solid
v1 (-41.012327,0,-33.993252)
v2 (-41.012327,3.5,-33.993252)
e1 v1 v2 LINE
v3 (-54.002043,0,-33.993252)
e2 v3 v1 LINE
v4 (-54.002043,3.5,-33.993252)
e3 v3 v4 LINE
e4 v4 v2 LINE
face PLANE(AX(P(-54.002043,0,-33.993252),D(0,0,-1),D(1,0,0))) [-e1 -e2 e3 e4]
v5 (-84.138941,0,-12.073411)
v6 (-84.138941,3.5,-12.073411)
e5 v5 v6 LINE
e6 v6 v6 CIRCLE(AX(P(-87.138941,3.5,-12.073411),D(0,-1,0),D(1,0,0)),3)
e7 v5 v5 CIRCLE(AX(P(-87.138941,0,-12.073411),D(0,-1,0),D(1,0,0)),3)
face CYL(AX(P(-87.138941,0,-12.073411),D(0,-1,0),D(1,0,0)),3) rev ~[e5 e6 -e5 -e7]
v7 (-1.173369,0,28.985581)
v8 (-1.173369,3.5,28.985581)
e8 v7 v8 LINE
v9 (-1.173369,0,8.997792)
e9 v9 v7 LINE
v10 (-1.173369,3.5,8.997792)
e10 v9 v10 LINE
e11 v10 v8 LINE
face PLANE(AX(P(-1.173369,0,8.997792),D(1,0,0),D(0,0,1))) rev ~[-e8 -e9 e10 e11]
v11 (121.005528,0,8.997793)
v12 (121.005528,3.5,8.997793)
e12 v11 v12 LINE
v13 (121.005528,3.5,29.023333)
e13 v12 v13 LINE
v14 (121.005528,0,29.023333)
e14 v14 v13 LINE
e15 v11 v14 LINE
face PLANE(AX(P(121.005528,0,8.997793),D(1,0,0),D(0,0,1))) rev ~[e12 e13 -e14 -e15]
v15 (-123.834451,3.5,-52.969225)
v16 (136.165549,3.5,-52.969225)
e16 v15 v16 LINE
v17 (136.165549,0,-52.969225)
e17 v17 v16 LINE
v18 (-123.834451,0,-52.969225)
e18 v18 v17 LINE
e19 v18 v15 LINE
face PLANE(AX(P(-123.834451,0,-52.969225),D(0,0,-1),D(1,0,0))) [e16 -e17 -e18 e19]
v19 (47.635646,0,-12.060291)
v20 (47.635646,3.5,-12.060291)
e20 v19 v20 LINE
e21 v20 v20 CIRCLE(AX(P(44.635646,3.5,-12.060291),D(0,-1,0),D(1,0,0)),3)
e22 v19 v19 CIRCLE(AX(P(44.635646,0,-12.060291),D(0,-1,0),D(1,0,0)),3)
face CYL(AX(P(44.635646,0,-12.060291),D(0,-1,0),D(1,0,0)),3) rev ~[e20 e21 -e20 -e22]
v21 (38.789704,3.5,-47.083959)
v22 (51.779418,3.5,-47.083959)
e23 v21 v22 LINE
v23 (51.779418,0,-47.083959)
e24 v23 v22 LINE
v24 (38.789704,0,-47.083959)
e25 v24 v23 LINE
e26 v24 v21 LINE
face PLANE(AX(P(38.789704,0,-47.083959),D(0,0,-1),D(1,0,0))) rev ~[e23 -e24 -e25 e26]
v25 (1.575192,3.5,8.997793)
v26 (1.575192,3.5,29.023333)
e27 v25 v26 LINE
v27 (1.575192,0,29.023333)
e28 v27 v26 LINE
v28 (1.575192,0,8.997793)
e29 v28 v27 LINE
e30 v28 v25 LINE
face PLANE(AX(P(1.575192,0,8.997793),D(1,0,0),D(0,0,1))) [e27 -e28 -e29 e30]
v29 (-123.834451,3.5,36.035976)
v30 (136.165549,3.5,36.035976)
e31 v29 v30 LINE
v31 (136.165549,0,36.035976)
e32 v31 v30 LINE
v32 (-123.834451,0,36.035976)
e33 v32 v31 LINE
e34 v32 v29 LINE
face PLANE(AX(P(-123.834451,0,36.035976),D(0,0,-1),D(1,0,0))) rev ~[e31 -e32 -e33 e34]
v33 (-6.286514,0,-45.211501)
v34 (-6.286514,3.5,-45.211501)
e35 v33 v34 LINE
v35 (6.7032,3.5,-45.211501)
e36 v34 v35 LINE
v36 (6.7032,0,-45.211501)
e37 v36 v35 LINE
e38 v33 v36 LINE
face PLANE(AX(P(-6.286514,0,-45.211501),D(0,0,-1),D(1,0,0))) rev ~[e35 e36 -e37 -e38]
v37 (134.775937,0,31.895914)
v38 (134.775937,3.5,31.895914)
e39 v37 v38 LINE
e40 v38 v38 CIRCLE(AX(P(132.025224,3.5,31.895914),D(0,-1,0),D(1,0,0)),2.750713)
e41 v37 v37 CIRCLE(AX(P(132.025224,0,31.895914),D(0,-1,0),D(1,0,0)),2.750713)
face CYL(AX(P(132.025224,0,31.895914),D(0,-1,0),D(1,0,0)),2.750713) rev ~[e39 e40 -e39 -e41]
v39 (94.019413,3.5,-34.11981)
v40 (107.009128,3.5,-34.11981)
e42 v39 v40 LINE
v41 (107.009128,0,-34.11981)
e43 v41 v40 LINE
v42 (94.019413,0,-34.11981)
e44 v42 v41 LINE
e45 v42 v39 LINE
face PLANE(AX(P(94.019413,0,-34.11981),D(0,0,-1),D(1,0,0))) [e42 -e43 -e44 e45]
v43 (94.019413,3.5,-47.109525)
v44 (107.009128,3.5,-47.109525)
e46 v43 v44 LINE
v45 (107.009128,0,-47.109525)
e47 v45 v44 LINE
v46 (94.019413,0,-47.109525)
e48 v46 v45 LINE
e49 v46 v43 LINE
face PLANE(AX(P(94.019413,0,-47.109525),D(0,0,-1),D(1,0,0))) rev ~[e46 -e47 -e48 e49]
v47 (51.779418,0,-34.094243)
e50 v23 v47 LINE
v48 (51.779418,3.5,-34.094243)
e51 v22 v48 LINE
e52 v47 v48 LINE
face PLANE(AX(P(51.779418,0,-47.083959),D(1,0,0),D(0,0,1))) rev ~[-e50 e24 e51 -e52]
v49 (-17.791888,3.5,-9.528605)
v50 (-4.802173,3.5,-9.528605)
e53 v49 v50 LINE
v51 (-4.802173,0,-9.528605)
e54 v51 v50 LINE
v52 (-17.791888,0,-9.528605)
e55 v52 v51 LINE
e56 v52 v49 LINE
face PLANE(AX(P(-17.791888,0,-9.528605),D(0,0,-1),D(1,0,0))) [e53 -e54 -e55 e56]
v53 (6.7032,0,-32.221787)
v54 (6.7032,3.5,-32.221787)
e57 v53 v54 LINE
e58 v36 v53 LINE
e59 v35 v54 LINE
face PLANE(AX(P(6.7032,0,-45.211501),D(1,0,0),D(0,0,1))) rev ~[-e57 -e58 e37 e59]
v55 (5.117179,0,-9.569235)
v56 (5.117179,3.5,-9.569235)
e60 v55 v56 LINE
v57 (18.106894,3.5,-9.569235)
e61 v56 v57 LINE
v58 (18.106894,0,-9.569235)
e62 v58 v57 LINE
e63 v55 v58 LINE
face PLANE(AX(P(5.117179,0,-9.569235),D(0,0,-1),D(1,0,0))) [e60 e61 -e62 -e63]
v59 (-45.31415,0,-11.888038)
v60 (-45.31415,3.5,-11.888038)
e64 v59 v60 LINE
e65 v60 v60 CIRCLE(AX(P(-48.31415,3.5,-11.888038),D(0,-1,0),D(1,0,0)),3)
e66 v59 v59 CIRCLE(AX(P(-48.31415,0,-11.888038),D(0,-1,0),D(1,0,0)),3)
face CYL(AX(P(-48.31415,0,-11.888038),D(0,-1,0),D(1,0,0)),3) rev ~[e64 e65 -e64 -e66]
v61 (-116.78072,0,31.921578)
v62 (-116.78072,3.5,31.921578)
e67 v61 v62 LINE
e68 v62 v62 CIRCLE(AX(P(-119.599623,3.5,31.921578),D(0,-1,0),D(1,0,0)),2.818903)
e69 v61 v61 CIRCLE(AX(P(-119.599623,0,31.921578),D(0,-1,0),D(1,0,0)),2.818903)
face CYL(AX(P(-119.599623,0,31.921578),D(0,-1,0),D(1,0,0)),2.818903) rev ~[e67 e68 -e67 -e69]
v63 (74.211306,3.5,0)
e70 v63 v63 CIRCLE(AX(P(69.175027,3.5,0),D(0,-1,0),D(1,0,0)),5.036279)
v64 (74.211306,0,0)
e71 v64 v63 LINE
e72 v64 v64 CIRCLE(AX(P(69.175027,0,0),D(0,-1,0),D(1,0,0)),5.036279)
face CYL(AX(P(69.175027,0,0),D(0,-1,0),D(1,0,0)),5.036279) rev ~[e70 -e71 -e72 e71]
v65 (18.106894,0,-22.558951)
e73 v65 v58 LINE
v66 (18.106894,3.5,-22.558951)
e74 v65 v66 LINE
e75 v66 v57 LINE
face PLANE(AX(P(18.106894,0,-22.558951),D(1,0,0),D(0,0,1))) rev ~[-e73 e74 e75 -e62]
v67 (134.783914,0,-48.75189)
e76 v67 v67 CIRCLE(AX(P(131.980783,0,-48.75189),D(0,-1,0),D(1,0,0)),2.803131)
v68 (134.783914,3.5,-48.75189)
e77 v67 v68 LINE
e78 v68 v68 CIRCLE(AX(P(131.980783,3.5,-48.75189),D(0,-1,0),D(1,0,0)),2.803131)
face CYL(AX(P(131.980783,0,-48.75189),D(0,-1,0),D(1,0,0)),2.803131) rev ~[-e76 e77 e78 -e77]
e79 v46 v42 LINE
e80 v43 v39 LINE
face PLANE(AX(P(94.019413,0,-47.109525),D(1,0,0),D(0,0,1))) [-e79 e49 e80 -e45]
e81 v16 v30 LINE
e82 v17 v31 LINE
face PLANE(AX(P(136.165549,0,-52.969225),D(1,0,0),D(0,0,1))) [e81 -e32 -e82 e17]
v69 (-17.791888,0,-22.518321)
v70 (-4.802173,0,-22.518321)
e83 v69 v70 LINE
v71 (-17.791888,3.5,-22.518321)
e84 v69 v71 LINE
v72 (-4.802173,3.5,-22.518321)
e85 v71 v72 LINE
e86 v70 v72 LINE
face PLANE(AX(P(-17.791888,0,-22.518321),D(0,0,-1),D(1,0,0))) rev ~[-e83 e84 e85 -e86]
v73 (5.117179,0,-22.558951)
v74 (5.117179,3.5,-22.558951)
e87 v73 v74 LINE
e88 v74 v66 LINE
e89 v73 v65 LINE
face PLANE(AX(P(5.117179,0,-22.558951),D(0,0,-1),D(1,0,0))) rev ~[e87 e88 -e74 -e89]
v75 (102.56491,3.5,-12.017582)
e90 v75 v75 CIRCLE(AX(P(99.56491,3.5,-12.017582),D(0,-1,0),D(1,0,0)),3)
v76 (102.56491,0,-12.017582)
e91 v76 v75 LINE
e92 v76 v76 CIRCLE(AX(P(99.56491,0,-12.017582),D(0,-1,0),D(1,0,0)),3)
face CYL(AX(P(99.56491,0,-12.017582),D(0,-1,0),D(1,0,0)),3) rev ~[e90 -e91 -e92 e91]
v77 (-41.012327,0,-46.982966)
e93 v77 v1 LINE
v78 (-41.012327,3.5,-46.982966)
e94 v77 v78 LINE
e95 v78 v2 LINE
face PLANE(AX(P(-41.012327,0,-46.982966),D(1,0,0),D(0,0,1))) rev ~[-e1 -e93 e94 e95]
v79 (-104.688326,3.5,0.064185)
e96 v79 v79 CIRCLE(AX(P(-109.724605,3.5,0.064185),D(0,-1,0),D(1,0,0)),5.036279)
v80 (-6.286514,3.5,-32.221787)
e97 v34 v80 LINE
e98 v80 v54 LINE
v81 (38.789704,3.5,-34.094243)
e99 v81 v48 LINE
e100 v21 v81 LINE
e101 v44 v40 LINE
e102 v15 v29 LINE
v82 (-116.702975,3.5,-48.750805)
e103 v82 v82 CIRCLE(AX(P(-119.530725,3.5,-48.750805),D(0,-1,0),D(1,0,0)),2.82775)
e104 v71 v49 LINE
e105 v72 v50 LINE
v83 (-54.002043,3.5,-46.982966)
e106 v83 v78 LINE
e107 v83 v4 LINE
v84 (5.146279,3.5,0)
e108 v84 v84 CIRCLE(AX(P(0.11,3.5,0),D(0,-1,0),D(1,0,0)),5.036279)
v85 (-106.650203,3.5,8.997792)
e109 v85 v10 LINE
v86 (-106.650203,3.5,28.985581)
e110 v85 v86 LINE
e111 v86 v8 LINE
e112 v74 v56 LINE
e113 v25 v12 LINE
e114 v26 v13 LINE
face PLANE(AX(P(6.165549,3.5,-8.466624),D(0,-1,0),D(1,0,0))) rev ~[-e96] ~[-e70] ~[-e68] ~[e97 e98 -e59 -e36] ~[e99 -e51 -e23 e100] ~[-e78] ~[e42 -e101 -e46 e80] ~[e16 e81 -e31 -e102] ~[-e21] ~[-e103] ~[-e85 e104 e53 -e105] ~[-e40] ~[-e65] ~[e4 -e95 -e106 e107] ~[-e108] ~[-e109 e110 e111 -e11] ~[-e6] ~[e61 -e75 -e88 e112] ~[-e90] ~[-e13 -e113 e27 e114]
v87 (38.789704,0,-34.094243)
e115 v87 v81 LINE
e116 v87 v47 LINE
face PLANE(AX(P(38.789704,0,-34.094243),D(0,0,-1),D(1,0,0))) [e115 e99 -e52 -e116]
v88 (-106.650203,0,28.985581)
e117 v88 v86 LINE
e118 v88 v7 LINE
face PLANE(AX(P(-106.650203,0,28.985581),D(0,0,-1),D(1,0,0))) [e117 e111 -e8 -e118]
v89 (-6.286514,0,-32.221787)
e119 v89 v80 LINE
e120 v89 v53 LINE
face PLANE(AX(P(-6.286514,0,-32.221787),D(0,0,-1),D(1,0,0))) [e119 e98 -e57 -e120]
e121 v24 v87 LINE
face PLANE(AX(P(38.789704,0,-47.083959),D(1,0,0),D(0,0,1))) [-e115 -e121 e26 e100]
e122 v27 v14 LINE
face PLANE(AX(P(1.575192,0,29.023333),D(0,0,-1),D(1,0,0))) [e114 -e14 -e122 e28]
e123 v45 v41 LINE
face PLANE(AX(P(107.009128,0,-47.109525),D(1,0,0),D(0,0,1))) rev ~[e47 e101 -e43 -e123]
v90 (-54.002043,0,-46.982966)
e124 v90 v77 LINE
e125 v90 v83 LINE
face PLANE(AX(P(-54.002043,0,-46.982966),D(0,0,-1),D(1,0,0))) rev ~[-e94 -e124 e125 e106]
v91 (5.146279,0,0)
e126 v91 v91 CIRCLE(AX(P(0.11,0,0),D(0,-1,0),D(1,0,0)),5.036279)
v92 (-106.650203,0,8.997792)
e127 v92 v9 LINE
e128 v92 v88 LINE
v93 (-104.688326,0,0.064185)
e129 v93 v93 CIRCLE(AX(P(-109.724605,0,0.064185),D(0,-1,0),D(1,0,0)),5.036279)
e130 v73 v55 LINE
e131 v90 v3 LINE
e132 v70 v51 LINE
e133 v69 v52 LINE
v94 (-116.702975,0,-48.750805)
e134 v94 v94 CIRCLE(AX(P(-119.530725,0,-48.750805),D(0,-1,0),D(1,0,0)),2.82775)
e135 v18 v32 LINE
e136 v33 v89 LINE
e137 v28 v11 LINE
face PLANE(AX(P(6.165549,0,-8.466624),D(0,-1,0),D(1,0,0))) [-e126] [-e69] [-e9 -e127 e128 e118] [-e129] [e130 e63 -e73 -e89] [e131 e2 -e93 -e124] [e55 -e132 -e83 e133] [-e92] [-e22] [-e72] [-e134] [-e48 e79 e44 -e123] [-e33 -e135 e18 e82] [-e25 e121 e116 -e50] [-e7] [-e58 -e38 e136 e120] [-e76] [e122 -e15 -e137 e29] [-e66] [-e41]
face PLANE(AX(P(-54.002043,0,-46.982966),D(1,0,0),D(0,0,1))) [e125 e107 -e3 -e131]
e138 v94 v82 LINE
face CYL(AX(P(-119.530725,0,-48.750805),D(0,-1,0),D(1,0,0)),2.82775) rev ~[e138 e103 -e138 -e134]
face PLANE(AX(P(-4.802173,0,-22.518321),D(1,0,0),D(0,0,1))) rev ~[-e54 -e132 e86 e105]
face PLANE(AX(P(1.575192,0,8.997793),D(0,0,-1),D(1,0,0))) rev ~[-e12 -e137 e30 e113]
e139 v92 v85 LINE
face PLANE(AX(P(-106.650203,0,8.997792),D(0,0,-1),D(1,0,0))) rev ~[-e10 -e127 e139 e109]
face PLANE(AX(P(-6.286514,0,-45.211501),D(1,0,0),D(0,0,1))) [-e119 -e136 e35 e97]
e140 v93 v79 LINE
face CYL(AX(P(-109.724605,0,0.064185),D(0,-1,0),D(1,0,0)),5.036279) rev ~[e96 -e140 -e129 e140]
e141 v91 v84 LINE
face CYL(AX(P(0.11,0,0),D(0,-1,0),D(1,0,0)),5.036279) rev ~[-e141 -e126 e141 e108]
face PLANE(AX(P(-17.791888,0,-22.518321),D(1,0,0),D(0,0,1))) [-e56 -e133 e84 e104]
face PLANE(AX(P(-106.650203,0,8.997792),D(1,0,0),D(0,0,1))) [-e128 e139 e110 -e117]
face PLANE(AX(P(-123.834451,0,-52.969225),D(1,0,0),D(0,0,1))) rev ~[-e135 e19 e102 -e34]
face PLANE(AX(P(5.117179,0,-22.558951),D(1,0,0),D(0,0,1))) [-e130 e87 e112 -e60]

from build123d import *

# Parameters (mm, degrees)
F0_W     = 260
F0_H     = 89.005201
F0_R     = 2.82775
F0_W_2   = 12.989715
F0_H_2   = 12.989714
F0_W_3   = 12.989714
F0_R_2   = 3
F0_H_3   = 12.989715
F0_R_3   = 2.803131
F0_R_4   = 5.036279
F0_R_5   = 2.818903
F0_W_4   = 105.476833
F0_H_4   = 19.987789
F0_W_5   = 119.430337
F0_H_5   = 20.02554
F0_R_6   = 2.750713
F1_DEPTH = 3.5


with BuildPart() as f1:
    # F0 (on Front) → F1 (new body)
    with BuildSketch(Plane.XZ):
        with Locations((6.165549, -8.466624)):
            Rectangle(F0_W, F0_H)
        with Locations((-119.530725, -48.750805)):
            Circle(F0_R, mode=Mode.SUBTRACT)
        with Locations((-47.507185, -40.488109)):
            Rectangle(F0_W_2, F0_H_2, mode=Mode.SUBTRACT)
        with Locations((0.208343, -38.716644)):
            Rectangle(F0_W_3, F0_H_2, mode=Mode.SUBTRACT)
        with Locations((-87.138941, -12.073411)):
            Circle(F0_R_2, mode=Mode.SUBTRACT)
        with Locations((-48.31415, -11.888038)):
            Circle(F0_R_2, mode=Mode.SUBTRACT)
        with Locations((-11.29703, -16.023463)):
            Rectangle(F0_W_2, F0_H_3, mode=Mode.SUBTRACT)
        with Locations((45.284561, -40.589101)):
            Rectangle(F0_W_2, F0_H_3, mode=Mode.SUBTRACT)
        with Locations((131.980783, -48.75189)):
            Circle(F0_R_3, mode=Mode.SUBTRACT)
        with Locations((100.51427, -40.614668)):
            Rectangle(F0_W_2, F0_H_3, mode=Mode.SUBTRACT)
        with Locations((11.612037, -16.064093)):
            Rectangle(F0_W_2, F0_H_3, mode=Mode.SUBTRACT)
        with Locations((44.635646, -12.060291)):
            Circle(F0_R_2, mode=Mode.SUBTRACT)
        with Locations((99.56491, -12.017582)):
            Circle(F0_R_2, mode=Mode.SUBTRACT)
        with Locations((-109.724605, 0.064185)):
            Circle(F0_R_4, mode=Mode.SUBTRACT)
        with Locations((0.11, 0)):
            Circle(F0_R_4, mode=Mode.SUBTRACT)
        with Locations((-119.599623, 31.921578)):
            Circle(F0_R_5, mode=Mode.SUBTRACT)
        with Locations((-53.911786, 18.991687)):
            Rectangle(F0_W_4, F0_H_4, mode=Mode.SUBTRACT)
        with Locations((69.175027, 0)):
            Circle(F0_R_4, mode=Mode.SUBTRACT)
        with Locations((61.29036, 19.010563)):
            Rectangle(F0_W_5, F0_H_5, mode=Mode.SUBTRACT)
        with Locations((132.025224, 31.895914)):
            Circle(F0_R_6, mode=Mode.SUBTRACT)
    extrude(amount=-F1_DEPTH)


solid = f1.part
